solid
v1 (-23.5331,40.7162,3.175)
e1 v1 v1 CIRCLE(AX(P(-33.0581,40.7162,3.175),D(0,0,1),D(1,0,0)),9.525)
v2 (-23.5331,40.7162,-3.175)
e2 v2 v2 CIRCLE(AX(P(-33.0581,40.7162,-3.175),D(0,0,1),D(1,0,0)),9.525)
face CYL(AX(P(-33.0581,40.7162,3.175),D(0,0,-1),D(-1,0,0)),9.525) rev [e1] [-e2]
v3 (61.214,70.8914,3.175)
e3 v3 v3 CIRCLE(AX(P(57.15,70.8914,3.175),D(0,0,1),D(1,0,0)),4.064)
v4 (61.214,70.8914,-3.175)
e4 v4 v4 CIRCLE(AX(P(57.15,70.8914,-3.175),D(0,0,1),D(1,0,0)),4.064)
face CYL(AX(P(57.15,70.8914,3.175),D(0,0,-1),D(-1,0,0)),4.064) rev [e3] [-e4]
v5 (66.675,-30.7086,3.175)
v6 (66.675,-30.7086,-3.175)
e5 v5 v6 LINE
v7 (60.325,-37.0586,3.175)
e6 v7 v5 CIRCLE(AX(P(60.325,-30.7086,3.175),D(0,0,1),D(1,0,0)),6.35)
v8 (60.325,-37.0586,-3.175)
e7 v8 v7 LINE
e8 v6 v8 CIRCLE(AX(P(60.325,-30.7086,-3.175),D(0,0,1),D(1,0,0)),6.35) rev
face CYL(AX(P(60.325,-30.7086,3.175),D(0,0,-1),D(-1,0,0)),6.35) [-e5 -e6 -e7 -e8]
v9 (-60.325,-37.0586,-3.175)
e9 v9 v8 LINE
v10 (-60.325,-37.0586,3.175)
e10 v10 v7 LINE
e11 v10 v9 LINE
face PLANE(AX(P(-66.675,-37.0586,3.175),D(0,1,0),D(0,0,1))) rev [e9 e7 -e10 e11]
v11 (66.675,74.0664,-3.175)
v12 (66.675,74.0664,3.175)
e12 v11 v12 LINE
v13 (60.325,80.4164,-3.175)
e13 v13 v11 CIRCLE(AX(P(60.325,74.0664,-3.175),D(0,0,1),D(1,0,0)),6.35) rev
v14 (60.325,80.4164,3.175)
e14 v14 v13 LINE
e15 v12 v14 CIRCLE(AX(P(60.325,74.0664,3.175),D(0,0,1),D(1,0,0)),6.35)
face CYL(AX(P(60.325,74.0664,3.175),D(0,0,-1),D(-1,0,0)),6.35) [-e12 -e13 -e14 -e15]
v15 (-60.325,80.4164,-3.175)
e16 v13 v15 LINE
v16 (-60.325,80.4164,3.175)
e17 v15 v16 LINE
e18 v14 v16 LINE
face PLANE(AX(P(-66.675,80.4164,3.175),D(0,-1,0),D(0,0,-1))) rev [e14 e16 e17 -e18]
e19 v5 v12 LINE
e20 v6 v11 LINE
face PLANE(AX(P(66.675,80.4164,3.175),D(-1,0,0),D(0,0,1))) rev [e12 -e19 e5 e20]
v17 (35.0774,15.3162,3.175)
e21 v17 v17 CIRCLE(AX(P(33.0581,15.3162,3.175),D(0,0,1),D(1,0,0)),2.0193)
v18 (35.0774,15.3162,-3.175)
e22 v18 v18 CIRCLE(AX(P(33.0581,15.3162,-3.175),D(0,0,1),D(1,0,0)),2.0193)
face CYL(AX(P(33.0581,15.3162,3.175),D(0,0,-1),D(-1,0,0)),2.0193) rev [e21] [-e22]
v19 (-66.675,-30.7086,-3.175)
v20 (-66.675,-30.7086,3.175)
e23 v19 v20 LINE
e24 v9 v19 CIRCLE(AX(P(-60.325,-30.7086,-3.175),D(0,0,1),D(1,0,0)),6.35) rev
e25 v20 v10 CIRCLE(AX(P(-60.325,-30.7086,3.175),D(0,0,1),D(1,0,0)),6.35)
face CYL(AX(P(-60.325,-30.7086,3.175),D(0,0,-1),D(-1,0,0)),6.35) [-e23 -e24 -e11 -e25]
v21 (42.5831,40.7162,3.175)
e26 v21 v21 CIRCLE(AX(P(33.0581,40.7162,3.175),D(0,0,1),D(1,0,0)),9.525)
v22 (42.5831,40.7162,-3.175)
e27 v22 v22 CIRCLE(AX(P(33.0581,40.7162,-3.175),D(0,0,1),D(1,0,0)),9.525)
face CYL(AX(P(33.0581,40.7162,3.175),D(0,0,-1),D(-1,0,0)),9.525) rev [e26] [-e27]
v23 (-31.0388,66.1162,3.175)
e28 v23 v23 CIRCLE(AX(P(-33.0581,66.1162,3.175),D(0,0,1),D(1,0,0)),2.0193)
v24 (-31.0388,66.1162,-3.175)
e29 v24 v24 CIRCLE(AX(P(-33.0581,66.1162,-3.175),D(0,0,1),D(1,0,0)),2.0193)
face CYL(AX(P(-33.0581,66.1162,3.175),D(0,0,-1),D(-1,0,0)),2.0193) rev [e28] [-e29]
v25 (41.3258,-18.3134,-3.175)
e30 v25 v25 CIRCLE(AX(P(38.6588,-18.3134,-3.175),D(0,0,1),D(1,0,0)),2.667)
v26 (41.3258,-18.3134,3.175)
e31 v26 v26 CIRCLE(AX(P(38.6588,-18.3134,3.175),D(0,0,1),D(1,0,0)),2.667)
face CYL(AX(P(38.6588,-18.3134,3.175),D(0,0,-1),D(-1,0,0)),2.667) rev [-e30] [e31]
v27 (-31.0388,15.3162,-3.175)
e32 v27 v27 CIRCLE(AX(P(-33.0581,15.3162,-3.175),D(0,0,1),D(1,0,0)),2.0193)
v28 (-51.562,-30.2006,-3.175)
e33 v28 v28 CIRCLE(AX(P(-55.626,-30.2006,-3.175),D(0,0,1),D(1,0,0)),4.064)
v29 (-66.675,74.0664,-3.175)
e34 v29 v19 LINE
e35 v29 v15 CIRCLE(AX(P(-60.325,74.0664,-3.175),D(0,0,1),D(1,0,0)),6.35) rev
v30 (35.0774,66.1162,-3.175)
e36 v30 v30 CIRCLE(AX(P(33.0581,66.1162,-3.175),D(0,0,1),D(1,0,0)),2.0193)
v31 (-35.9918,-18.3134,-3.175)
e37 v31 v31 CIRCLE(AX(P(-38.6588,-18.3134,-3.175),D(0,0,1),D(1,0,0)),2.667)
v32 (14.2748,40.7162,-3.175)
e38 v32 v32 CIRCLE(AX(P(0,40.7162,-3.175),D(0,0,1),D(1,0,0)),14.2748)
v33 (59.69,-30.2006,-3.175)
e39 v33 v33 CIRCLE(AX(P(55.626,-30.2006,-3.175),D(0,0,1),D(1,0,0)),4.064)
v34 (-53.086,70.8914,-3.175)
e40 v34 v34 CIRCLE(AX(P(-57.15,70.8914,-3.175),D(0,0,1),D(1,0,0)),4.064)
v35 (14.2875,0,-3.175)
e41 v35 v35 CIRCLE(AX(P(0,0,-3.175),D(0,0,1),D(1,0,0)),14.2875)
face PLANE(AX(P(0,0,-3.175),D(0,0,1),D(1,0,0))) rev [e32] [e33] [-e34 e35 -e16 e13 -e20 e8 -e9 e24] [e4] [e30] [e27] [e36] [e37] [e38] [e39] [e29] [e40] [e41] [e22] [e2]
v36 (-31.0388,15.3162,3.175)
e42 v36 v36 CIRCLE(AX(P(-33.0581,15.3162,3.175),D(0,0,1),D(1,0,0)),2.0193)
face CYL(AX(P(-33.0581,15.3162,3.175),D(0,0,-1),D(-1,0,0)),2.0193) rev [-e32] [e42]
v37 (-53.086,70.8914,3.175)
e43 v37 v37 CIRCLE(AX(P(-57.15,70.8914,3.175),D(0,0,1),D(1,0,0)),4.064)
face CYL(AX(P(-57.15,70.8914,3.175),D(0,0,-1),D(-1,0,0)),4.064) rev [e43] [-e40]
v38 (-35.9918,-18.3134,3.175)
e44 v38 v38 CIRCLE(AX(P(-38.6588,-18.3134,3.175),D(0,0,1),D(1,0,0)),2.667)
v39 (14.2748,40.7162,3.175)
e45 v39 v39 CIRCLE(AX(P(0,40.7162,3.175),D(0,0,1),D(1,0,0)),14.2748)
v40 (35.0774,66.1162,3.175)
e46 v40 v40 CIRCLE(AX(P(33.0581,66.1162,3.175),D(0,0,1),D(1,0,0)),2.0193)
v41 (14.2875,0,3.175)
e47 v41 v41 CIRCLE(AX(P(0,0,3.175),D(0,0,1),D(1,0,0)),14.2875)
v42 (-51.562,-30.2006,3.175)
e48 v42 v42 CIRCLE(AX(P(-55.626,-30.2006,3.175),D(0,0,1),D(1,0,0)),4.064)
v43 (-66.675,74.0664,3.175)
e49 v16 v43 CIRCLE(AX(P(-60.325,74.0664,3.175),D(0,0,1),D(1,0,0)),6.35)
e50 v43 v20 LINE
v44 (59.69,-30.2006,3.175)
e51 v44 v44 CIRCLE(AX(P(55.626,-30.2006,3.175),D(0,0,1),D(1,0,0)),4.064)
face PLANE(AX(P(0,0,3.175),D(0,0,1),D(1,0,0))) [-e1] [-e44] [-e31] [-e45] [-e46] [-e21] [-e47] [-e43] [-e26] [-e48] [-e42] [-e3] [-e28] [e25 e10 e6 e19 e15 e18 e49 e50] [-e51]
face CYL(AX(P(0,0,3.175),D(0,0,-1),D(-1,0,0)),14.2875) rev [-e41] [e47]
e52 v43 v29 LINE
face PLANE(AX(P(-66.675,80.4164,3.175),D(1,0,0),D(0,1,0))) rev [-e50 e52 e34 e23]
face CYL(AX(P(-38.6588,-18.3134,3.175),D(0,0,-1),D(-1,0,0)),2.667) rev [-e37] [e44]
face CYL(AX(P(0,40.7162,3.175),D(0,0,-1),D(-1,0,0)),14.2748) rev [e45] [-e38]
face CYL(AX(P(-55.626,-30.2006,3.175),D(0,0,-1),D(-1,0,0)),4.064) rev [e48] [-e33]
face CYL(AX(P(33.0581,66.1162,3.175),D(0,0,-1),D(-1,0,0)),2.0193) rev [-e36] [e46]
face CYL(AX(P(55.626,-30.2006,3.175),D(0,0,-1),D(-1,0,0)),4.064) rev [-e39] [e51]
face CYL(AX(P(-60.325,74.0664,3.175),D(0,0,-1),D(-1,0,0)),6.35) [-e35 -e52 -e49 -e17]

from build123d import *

# Parameters (mm, degrees)
SKETCH1_W           = 133.35
SKETCH1_H           = 117.475
SKETCH1_R           = 14.2748
SKETCH1_R_2         = 9.525
SKETCH1_R_3         = 2.0193
SKETCH1_R_4         = 14.2875
SKETCH1_R_5         = 4.064
SKETCH1_R_6         = 2.667
BOSS_EXTRUDE1_DEPTH = 3.175
FILLET1_R           = 6.35


with BuildPart() as part:
    # Sketch1 → Boss-Extrude1 (new, symmetric)
    with BuildSketch(Plane.XY):
        with Locations((0, 21.6789)):
            Rectangle(SKETCH1_W, SKETCH1_H)
        with Locations((0, 40.7162)):
            Circle(SKETCH1_R, mode=Mode.SUBTRACT)
        with Locations((33.0581, 40.7162)):
            Circle(SKETCH1_R_2, mode=Mode.SUBTRACT)
        with Locations((-33.0581, 40.7162)):
            Circle(SKETCH1_R_2, mode=Mode.SUBTRACT)
        with Locations((-33.0581, 66.1162)):
            Circle(SKETCH1_R_3, mode=Mode.SUBTRACT)
        with Locations((-33.0581, 15.3162)):
            Circle(SKETCH1_R_3, mode=Mode.SUBTRACT)
        Circle(SKETCH1_R_4, mode=Mode.SUBTRACT)
        with Locations((-57.15, 70.8914)):
            Circle(SKETCH1_R_5, mode=Mode.SUBTRACT)
        with Locations((-55.626, -30.2006)):
            Circle(SKETCH1_R_5, mode=Mode.SUBTRACT)
        with Locations((57.15, 70.8914)):
            Circle(SKETCH1_R_5, mode=Mode.SUBTRACT)
        with Locations((55.626, -30.2006)):
            Circle(SKETCH1_R_5, mode=Mode.SUBTRACT)
        with Locations((38.6588, -18.3134)):
            Circle(SKETCH1_R_6, mode=Mode.SUBTRACT)
        with Locations((-38.6588, -18.3134)):
            Circle(SKETCH1_R_6, mode=Mode.SUBTRACT)
        with Locations((33.0581, 66.1162)):
            Circle(SKETCH1_R_3, mode=Mode.SUBTRACT)
        with Locations((33.0581, 15.3162)):
            Circle(SKETCH1_R_3, mode=Mode.SUBTRACT)
    extrude(amount=BOSS_EXTRUDE1_DEPTH, both=True)

    # Fillet1
    fillet1_edges = [part.edges().sort_by_distance(p)[0] for p in [
        (66.675, -37.0586, 0),
        (-66.675, -37.0586, 0),
        (-66.675, 80.4164, 0),
        (66.675, 80.4164, 0),
    ]]
    fillet(fillet1_edges, radius=FILLET1_R)


solid = part.part
